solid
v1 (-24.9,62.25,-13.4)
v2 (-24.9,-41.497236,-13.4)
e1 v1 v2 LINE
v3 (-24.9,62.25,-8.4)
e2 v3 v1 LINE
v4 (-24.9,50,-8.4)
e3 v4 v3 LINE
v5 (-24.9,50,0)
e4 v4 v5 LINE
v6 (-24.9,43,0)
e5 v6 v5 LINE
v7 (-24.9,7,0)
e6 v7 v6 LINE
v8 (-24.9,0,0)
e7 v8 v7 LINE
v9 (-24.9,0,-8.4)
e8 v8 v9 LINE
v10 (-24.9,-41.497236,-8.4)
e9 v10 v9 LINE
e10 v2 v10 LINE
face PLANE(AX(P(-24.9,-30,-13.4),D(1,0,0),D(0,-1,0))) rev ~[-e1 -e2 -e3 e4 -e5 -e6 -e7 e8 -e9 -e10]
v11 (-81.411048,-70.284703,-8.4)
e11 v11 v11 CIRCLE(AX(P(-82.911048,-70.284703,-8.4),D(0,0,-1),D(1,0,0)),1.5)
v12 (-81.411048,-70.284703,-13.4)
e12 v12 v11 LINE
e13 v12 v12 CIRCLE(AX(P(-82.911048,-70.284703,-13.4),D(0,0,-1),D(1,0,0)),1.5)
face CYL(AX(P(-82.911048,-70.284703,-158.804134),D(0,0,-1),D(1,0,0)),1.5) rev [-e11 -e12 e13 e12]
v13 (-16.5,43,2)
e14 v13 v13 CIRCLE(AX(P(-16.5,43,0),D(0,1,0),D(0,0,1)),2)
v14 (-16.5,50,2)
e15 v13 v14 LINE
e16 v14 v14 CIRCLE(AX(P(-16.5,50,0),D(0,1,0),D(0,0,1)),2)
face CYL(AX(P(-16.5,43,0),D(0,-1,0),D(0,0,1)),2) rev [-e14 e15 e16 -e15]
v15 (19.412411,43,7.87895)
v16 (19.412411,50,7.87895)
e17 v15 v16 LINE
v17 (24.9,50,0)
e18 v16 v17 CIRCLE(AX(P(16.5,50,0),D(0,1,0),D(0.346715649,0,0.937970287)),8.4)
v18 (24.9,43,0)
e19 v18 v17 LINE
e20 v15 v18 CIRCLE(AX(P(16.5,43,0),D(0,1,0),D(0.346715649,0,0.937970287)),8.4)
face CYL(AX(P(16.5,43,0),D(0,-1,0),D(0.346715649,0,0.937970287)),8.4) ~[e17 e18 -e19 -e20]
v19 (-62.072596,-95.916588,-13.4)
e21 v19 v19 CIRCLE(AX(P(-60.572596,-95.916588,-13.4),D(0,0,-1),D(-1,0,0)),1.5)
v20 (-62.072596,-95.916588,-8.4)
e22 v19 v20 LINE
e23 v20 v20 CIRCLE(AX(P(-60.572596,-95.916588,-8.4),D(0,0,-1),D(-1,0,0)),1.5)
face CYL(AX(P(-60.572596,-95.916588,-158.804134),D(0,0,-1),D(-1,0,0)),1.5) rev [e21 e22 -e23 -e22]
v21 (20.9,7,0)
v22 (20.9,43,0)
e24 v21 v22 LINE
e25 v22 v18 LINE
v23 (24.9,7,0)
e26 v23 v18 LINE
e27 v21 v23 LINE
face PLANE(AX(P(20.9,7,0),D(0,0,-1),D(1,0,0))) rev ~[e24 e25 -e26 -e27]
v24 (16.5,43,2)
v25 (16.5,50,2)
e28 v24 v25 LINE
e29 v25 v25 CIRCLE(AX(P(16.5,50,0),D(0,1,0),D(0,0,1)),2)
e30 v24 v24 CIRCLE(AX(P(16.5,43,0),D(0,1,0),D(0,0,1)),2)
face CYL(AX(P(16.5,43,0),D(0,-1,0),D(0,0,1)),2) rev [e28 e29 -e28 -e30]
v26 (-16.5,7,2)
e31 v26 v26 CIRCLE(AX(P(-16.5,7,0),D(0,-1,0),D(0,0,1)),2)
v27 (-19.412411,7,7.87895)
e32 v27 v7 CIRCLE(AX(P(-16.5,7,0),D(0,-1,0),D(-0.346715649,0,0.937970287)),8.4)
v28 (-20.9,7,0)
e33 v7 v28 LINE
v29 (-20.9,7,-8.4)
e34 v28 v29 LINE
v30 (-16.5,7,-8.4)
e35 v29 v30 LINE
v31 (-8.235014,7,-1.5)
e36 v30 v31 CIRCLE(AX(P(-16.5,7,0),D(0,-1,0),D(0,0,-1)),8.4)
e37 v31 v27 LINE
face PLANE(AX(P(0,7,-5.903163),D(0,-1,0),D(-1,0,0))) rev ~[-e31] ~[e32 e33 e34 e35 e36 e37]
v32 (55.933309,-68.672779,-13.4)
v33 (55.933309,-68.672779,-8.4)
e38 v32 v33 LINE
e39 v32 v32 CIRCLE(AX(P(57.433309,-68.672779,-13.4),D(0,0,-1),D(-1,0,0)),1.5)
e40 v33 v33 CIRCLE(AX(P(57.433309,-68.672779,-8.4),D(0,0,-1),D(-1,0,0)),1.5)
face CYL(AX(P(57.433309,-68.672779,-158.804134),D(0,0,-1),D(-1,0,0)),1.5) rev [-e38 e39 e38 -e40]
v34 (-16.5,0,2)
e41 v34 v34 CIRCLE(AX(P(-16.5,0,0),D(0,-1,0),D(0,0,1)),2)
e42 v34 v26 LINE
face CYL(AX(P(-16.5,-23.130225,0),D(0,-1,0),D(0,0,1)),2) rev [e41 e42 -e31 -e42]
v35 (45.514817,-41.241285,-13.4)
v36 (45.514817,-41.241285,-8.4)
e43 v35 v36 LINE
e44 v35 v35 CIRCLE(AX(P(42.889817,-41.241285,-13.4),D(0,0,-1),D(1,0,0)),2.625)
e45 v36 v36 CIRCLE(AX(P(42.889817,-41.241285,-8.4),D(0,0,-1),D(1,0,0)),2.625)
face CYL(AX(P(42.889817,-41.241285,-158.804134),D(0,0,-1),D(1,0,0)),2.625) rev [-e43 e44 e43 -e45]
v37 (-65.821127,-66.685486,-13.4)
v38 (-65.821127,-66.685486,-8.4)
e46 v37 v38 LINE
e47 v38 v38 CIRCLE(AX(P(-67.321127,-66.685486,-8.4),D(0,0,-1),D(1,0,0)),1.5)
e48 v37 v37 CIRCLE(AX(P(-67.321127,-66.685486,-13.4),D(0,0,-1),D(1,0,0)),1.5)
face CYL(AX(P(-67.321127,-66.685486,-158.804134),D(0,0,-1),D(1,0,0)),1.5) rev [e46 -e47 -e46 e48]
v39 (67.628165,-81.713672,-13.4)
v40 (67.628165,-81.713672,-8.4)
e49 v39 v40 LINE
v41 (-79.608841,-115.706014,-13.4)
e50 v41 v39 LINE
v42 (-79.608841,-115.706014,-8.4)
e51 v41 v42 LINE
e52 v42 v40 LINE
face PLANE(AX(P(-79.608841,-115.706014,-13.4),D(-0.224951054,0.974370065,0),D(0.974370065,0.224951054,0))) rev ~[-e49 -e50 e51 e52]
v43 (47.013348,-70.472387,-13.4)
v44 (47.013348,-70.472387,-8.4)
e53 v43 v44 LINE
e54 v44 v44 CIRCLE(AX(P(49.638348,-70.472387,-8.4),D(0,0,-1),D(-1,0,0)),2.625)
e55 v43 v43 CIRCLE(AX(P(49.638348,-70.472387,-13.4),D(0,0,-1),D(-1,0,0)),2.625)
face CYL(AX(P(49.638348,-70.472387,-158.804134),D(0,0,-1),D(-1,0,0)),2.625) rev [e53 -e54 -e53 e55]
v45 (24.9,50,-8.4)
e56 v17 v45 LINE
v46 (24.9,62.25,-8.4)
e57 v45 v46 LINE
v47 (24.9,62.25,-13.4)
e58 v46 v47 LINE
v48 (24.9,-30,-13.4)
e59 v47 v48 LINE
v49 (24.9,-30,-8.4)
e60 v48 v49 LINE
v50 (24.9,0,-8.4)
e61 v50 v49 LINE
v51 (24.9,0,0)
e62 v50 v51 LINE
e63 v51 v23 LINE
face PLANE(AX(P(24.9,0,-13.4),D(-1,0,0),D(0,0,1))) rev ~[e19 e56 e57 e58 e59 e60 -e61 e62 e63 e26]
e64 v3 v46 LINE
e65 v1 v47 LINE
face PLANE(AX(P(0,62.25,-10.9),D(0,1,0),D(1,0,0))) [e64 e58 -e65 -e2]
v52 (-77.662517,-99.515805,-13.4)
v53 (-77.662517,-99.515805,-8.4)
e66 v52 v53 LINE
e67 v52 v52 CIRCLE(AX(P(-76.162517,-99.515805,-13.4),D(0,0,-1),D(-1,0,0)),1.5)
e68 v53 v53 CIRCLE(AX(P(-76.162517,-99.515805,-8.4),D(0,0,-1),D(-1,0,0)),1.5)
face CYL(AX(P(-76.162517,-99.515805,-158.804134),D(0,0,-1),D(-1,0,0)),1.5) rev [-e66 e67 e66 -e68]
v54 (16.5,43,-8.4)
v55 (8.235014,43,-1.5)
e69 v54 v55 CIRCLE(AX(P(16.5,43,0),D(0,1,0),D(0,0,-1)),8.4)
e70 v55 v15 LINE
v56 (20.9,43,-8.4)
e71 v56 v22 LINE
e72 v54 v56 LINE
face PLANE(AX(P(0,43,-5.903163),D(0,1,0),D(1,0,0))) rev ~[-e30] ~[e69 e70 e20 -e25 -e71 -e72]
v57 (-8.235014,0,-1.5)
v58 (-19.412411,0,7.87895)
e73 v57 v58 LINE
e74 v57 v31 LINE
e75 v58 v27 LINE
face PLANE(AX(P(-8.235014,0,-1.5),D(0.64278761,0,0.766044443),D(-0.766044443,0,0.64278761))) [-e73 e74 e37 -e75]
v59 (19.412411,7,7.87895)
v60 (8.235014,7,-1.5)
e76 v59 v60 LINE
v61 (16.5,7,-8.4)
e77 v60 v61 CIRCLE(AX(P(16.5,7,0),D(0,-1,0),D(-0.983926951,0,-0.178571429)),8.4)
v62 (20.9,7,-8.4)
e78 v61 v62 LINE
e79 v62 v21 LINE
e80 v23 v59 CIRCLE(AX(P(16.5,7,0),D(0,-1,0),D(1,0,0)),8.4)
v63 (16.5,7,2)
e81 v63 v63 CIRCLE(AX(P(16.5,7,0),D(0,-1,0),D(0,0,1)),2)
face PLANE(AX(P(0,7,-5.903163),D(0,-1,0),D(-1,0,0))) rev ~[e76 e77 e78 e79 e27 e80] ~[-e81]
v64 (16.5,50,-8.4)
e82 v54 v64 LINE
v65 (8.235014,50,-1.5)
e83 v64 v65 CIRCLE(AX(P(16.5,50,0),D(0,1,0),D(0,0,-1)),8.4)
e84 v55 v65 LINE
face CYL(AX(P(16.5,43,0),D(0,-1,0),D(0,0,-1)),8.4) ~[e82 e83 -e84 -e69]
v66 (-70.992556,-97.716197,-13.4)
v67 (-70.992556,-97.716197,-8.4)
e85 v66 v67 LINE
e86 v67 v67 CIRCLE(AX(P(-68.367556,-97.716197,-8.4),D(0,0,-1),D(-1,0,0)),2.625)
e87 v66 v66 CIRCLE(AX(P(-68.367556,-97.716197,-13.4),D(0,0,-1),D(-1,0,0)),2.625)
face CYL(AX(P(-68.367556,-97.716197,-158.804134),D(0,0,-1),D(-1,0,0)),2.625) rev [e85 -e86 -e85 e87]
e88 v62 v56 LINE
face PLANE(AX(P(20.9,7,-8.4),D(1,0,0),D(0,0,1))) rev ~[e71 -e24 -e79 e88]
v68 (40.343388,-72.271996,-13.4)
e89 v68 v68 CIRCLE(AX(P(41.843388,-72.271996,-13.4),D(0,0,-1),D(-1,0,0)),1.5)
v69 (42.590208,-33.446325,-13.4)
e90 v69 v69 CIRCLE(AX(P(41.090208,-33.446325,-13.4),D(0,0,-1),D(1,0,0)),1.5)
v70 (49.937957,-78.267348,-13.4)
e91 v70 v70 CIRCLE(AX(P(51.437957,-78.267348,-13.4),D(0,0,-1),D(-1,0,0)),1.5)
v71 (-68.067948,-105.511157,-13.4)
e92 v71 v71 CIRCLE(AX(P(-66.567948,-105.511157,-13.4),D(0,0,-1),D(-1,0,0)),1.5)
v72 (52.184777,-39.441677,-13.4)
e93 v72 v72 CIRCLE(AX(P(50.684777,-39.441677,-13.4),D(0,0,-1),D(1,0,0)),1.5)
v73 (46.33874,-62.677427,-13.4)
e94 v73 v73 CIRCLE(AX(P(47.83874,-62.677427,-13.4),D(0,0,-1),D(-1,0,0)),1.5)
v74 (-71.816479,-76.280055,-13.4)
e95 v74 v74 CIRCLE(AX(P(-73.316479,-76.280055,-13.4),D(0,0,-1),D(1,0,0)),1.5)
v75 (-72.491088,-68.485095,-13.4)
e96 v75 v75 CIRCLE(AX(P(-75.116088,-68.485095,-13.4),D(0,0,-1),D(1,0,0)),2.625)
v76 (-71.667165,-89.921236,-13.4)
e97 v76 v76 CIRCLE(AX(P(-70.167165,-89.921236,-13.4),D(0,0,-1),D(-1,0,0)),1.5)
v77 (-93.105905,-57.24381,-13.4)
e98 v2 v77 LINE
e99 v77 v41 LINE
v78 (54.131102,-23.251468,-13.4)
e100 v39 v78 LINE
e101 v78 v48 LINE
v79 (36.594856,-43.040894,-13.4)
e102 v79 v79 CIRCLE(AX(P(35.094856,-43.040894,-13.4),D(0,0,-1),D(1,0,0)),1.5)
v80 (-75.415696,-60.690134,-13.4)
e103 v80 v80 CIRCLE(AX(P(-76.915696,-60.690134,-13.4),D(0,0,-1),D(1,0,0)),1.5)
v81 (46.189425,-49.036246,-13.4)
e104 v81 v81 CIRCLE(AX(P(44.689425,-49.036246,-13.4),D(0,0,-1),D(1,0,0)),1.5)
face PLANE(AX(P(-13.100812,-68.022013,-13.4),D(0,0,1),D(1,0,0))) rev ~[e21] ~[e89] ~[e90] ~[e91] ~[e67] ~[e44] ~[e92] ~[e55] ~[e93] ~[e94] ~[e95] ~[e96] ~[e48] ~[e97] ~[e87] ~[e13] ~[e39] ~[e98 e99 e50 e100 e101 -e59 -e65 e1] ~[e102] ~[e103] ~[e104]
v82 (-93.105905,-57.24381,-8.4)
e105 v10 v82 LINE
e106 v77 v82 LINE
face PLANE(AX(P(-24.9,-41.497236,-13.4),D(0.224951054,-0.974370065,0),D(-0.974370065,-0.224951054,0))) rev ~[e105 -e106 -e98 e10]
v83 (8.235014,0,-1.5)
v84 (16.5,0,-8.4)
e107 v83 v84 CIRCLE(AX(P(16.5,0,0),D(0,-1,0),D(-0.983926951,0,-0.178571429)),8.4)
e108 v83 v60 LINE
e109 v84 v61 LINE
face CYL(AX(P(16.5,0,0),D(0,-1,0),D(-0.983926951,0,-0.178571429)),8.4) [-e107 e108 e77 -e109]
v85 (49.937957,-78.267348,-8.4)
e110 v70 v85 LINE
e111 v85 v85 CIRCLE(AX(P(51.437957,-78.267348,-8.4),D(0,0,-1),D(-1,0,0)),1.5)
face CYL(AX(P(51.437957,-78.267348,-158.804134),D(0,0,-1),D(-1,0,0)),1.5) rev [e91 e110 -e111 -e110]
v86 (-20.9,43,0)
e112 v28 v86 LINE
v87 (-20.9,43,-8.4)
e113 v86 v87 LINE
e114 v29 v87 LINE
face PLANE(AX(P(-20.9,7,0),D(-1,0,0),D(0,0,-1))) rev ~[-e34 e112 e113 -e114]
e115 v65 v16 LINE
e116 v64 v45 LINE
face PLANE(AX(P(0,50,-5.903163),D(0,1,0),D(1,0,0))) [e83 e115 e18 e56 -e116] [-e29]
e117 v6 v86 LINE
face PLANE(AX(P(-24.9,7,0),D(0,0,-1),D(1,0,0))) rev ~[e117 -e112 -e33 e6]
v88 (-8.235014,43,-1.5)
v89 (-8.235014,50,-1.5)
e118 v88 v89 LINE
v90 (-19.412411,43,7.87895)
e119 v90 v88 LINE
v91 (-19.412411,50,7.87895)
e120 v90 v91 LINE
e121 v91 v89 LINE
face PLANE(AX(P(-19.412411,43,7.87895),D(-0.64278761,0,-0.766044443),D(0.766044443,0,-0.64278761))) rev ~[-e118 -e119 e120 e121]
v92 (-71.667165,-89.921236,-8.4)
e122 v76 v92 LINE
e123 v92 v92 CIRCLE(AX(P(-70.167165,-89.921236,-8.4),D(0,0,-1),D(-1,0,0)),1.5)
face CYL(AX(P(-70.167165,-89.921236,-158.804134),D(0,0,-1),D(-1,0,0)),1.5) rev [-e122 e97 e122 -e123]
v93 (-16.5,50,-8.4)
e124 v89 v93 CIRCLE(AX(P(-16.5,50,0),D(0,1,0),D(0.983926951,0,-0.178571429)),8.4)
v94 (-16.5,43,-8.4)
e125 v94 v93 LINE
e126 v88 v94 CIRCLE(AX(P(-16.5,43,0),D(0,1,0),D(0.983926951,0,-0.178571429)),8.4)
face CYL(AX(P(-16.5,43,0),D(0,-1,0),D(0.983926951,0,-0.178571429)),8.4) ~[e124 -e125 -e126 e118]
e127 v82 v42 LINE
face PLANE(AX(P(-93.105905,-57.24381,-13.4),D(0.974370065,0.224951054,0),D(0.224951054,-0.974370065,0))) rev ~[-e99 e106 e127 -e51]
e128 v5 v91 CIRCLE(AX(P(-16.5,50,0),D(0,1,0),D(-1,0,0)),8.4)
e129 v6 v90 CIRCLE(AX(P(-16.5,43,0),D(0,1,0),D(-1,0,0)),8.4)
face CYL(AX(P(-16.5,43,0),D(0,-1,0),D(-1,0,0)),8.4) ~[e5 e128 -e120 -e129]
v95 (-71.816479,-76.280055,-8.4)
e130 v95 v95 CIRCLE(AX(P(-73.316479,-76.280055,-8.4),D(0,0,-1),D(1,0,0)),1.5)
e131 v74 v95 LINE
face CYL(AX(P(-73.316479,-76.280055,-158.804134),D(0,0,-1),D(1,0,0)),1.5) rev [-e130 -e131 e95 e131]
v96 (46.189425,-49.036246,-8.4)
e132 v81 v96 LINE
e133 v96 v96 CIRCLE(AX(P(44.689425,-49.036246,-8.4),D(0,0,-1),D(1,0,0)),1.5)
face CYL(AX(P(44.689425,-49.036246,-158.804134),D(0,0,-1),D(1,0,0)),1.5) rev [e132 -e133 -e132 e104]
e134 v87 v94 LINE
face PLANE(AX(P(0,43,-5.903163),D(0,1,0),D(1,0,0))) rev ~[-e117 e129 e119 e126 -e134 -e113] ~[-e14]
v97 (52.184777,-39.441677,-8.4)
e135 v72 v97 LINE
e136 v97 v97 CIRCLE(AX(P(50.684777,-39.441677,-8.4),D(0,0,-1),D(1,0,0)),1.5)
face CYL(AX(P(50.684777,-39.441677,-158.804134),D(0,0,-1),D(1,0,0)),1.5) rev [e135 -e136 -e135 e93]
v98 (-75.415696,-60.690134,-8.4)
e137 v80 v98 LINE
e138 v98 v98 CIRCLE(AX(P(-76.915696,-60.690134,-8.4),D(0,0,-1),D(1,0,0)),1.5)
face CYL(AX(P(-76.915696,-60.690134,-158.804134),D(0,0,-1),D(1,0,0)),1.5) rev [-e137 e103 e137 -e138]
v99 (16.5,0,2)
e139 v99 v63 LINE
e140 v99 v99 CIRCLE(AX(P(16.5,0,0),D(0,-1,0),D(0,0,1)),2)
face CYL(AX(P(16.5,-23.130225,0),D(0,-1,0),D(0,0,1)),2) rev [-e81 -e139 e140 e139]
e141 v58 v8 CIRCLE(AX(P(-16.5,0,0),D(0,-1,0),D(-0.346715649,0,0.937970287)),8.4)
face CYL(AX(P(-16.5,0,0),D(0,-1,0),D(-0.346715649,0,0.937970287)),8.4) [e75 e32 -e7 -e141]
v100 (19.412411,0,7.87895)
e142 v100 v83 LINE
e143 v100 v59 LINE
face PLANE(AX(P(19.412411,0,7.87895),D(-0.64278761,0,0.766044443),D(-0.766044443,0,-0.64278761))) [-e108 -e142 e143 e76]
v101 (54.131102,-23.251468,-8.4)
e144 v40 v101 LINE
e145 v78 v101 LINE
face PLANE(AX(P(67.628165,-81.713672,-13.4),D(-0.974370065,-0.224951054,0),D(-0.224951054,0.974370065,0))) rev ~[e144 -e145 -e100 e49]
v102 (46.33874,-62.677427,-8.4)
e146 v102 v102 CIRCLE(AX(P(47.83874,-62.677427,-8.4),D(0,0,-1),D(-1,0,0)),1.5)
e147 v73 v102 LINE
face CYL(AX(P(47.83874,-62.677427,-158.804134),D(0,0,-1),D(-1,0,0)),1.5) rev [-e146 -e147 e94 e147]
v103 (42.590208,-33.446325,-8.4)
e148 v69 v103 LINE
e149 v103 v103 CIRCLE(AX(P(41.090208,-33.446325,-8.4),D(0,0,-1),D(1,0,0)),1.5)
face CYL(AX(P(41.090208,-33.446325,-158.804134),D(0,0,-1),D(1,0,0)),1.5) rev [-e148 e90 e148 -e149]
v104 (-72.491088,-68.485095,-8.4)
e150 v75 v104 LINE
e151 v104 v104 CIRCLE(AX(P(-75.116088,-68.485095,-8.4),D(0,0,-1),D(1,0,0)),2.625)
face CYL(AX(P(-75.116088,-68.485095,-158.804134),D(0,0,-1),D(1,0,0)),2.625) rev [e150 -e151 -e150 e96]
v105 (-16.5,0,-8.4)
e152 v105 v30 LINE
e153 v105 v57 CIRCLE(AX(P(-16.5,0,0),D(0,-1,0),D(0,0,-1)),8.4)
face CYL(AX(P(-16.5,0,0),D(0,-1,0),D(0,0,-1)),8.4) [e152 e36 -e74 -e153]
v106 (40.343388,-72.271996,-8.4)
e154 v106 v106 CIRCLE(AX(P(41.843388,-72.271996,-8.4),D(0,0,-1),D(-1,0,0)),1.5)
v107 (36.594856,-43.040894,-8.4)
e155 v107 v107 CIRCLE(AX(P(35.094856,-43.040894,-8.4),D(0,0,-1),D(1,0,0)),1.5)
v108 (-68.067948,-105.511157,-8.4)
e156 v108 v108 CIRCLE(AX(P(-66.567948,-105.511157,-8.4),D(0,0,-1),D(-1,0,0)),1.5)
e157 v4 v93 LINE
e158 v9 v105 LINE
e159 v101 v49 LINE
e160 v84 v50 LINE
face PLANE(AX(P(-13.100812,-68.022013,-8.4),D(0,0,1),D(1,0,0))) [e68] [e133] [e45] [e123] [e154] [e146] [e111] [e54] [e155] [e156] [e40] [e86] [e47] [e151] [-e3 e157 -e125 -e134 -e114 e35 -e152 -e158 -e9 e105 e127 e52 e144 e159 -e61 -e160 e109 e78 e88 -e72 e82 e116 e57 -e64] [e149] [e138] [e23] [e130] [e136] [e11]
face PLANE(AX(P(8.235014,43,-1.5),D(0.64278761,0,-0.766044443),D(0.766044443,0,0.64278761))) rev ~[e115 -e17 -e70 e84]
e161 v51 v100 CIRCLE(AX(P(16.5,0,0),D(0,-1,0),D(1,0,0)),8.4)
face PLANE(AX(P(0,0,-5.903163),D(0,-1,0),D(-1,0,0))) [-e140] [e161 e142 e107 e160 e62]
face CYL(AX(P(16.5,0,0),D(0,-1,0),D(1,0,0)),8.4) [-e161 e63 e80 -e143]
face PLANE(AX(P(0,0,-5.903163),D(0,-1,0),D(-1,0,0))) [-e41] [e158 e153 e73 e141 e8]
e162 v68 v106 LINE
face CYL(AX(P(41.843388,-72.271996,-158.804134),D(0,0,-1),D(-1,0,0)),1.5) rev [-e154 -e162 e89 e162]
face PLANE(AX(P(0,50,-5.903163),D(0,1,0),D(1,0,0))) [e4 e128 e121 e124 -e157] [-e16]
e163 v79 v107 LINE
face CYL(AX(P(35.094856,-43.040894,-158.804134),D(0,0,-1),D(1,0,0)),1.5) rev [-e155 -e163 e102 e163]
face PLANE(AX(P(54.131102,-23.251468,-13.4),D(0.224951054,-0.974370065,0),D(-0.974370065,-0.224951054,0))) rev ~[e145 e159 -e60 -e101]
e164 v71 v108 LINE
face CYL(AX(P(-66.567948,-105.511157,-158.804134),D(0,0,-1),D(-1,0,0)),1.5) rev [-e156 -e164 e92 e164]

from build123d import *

# Parameters (mm, degrees)
BOSS_EXTRUDE2_DEPTH     = 7
CUT_EXTRUDE2_DEPTH      = 30.130224853
CUT_EXTRUDE2_DEPTH_BACK = 30.130224853
SKETCH3_R               = 2
BOSS_EXTRUDE3_DEPTH     = 36
SKETCH5_R               = 2
BOSS_EXTRUDE4_DEPTH     = 7
SKETCH13_W              = 49.8
SKETCH13_H              = 5
BOSS_EXTRUDE6_DEPTH     = 12.25
SKETCH15_W              = 49.8
SKETCH15_H              = 5
BOSS_EXTRUDE7_DEPTH     = 30
BOSS_EXTRUDE8_DEPTH     = 5
CUT_EXTRUDE3_DEPTH      = 150.404134049
CUT_EXTRUDE3_DEPTH_BACK = 150.404134049
SKETCH16_R              = 2.625
SKETCH16_R_2            = 1.5


with BuildPart() as part:
    # Sketch1 → Boss-Extrude2 (new body)
    with BuildSketch(Plane(origin=(0, 0, 0), x_dir=(1, 0, 0), z_dir=(0, 1, 0))):
        with BuildLine():
            Line((-24.9, 0), (-24.9, 13.4))
            Line((-24.9, 13.4), (24.9, 13.4))
            Line((24.9, 13.4), (24.9, 0))
            ThreePointArc((24.9, 0), (23.392904185, -4.800819919), (19.412411454, -7.878950407))
            Line((19.412411454, -7.878950407), (8.235013612, 1.5))
            ThreePointArc((8.235013612, 1.5), (11.116692467, 6.448255578), (16.5, 8.4))
            Line((16.5, 8.4), (-16.5, 8.4))
            ThreePointArc((-16.5, 8.4), (-11.116692467, 6.448255578), (-8.235013612, 1.5))
            Line((-8.235013612, 1.5), (-19.412411454, -7.878950407))
            ThreePointArc((-19.412411454, -7.878950407), (-23.392904185, -4.800819919), (-24.9, 0))
        make_face()
    extrude(amount=BOSS_EXTRUDE2_DEPTH)

    # Sketch3 → Cut-Extrude2 (cut, two sides: drawn at the far end of the back side and taken through both)
    with BuildSketch(Plane(origin=(0, 7, 0), x_dir=(1, 0, 0), z_dir=(0, 1, 0)).offset(-CUT_EXTRUDE2_DEPTH_BACK)):
        with Locations(Location((-16.5, 0, 0), (0, 0, 270))):
            Circle(SKETCH3_R)
        with Locations(Location((16.5, 0, 0), (0, 0, 270))):
            Circle(SKETCH3_R)
    extrude(amount=CUT_EXTRUDE2_DEPTH + CUT_EXTRUDE2_DEPTH_BACK, mode=Mode.SUBTRACT)

    # Sketch4 → Boss-Extrude3 (add)
    with BuildSketch(Plane(origin=(0, 7, 0), x_dir=(1, 0, 0), z_dir=(0, 1, 0))):
        Polygon((-24.9, 13.4), (-24.9, 0), (-20.9, 0), (-20.9, 8.4), (-16.5, 8.4), (16.5, 8.4), (20.9, 8.4), (20.9, 0), (24.9, 0), (24.9, 13.4), align=None)
    extrude(amount=BOSS_EXTRUDE3_DEPTH)

    # Sketch5 → Boss-Extrude4 (add)
    with BuildSketch(Plane(origin=(0, 43, 0), x_dir=(1, 0, 0), z_dir=(0, 1, 0))):
        with BuildLine():
            Line((-24.9, 13.4), (-24.9, 0))
            ThreePointArc((-24.9, 0), (-23.392904185, -4.800819919), (-19.412411454, -7.878950407))
            Line((-19.412411454, -7.878950407), (-8.235013612, 1.5))
            ThreePointArc((-8.235013612, 1.5), (-11.116692467, 6.448255578), (-16.5, 8.4))
            Line((-16.5, 8.4), (16.5, 8.4))
            ThreePointArc((16.5, 8.4), (11.116692467, 6.448255578), (8.235013612, 1.5))
            Line((8.235013612, 1.5), (19.412411454, -7.878950407))
            ThreePointArc((19.412411454, -7.878950407), (23.392904185, -4.800819919), (24.9, 0))
            Line((24.9, 0), (24.9, 13.4))
            Line((24.9, 13.4), (-24.9, 13.4))
        make_face()
        with Locations(Location((16.5, 0, 0), (0, 0, 270))):
            Circle(SKETCH5_R, mode=Mode.SUBTRACT)
        with Locations(Location((-16.5, 0, 0), (0, 0, 270))):
            Circle(SKETCH5_R, mode=Mode.SUBTRACT)
    extrude(amount=BOSS_EXTRUDE4_DEPTH)

    # Sketch13 → Boss-Extrude6 (add)
    with BuildSketch(Plane(origin=(0, 50, 0), x_dir=(1, 0, 0), z_dir=(0, 1, 0))):
        with Locations((0, 10.9)):
            Rectangle(SKETCH13_W, SKETCH13_H)
    extrude(amount=BOSS_EXTRUDE6_DEPTH)

    # Sketch15 → Boss-Extrude7 (add)
    with BuildSketch(Plane.XZ):
        with Locations((0, -10.9)):
            Rectangle(SKETCH15_W, SKETCH15_H)
    extrude(amount=BOSS_EXTRUDE7_DEPTH)

    # Sketch12 → Boss-Extrude8 (add)
    with BuildSketch(Plane(origin=(0, 0, -13.4), x_dir=(-1, 0, 0), z_dir=(0, 0, -1))):
        Polygon((24.9, -30), (24.9, -41.497235918), (93.105904535, -57.243809722), (79.608841274, -115.706013609), (-67.628165204, -81.713672257), (-54.131101944, -23.25146837), (-24.9, -30), align=None)
    extrude(amount=-BOSS_EXTRUDE8_DEPTH)

    # Sketch16 → Cut-Extrude3 (cut, two sides: drawn at the far end of the back side and taken through both)
    with BuildSketch(Plane.XY.offset(-8.4).offset(-CUT_EXTRUDE3_DEPTH_BACK)):
        with Locations((42.889816787, -41.241285157)):
            Circle(SKETCH16_R)
        with Locations((50.684777305, -39.441676722)):
            Circle(SKETCH16_R_2)
        with Locations((44.689425222, -49.036245675)):
            Circle(SKETCH16_R_2)
        with Locations((35.094856269, -43.040893591)):
            Circle(SKETCH16_R_2)
        with Locations((41.090208352, -33.446324638)):
            Circle(SKETCH16_R_2)
        with Locations((-82.911048266, -70.284703313)):
            Circle(SKETCH16_R_2)
        with Locations((-76.915696183, -60.69013436)):
            Circle(SKETCH16_R_2)
        with Locations((-67.32112723, -66.685486444)):
            Circle(SKETCH16_R_2)
        with Locations((-73.316479313, -76.280055397)):
            Circle(SKETCH16_R_2)
        with Locations((-75.116087748, -68.485094879)):
            Circle(SKETCH16_R)
        with Locations(Location((47.838739983, -62.677426582, 0), (0, 0, 180))):
            Circle(SKETCH16_R_2)
        with Locations(Location((57.433308936, -68.672778665, 0), (0, 0, 180))):
            Circle(SKETCH16_R_2)
        with Locations(Location((51.437956852, -78.267347618, 0), (0, 0, 180))):
            Circle(SKETCH16_R_2)
        with Locations(Location((49.638348417, -70.4723871, 0), (0, 0, 180))):
            Circle(SKETCH16_R)
        with Locations(Location((41.843387899, -72.271995535, 0), (0, 0, 180))):
            Circle(SKETCH16_R_2)
        with Locations(Location((-70.167164552, -89.921236304, 0), (0, 0, 180))):
            Circle(SKETCH16_R_2)
        with Locations(Location((-68.367556118, -97.716196822, 0), (0, 0, 180))):
            Circle(SKETCH16_R)
        with Locations(Location((-76.162516636, -99.515805257, 0), (0, 0, 180))):
            Circle(SKETCH16_R_2)
        with Locations(Location((-66.567947683, -105.511157341, 0), (0, 0, 180))):
            Circle(SKETCH16_R_2)
        with Locations(Location((-60.572595599, -95.916588388, 0), (0, 0, 180))):
            Circle(SKETCH16_R_2)
    extrude(amount=CUT_EXTRUDE3_DEPTH + CUT_EXTRUDE3_DEPTH_BACK, mode=Mode.SUBTRACT)


solid = part.part
